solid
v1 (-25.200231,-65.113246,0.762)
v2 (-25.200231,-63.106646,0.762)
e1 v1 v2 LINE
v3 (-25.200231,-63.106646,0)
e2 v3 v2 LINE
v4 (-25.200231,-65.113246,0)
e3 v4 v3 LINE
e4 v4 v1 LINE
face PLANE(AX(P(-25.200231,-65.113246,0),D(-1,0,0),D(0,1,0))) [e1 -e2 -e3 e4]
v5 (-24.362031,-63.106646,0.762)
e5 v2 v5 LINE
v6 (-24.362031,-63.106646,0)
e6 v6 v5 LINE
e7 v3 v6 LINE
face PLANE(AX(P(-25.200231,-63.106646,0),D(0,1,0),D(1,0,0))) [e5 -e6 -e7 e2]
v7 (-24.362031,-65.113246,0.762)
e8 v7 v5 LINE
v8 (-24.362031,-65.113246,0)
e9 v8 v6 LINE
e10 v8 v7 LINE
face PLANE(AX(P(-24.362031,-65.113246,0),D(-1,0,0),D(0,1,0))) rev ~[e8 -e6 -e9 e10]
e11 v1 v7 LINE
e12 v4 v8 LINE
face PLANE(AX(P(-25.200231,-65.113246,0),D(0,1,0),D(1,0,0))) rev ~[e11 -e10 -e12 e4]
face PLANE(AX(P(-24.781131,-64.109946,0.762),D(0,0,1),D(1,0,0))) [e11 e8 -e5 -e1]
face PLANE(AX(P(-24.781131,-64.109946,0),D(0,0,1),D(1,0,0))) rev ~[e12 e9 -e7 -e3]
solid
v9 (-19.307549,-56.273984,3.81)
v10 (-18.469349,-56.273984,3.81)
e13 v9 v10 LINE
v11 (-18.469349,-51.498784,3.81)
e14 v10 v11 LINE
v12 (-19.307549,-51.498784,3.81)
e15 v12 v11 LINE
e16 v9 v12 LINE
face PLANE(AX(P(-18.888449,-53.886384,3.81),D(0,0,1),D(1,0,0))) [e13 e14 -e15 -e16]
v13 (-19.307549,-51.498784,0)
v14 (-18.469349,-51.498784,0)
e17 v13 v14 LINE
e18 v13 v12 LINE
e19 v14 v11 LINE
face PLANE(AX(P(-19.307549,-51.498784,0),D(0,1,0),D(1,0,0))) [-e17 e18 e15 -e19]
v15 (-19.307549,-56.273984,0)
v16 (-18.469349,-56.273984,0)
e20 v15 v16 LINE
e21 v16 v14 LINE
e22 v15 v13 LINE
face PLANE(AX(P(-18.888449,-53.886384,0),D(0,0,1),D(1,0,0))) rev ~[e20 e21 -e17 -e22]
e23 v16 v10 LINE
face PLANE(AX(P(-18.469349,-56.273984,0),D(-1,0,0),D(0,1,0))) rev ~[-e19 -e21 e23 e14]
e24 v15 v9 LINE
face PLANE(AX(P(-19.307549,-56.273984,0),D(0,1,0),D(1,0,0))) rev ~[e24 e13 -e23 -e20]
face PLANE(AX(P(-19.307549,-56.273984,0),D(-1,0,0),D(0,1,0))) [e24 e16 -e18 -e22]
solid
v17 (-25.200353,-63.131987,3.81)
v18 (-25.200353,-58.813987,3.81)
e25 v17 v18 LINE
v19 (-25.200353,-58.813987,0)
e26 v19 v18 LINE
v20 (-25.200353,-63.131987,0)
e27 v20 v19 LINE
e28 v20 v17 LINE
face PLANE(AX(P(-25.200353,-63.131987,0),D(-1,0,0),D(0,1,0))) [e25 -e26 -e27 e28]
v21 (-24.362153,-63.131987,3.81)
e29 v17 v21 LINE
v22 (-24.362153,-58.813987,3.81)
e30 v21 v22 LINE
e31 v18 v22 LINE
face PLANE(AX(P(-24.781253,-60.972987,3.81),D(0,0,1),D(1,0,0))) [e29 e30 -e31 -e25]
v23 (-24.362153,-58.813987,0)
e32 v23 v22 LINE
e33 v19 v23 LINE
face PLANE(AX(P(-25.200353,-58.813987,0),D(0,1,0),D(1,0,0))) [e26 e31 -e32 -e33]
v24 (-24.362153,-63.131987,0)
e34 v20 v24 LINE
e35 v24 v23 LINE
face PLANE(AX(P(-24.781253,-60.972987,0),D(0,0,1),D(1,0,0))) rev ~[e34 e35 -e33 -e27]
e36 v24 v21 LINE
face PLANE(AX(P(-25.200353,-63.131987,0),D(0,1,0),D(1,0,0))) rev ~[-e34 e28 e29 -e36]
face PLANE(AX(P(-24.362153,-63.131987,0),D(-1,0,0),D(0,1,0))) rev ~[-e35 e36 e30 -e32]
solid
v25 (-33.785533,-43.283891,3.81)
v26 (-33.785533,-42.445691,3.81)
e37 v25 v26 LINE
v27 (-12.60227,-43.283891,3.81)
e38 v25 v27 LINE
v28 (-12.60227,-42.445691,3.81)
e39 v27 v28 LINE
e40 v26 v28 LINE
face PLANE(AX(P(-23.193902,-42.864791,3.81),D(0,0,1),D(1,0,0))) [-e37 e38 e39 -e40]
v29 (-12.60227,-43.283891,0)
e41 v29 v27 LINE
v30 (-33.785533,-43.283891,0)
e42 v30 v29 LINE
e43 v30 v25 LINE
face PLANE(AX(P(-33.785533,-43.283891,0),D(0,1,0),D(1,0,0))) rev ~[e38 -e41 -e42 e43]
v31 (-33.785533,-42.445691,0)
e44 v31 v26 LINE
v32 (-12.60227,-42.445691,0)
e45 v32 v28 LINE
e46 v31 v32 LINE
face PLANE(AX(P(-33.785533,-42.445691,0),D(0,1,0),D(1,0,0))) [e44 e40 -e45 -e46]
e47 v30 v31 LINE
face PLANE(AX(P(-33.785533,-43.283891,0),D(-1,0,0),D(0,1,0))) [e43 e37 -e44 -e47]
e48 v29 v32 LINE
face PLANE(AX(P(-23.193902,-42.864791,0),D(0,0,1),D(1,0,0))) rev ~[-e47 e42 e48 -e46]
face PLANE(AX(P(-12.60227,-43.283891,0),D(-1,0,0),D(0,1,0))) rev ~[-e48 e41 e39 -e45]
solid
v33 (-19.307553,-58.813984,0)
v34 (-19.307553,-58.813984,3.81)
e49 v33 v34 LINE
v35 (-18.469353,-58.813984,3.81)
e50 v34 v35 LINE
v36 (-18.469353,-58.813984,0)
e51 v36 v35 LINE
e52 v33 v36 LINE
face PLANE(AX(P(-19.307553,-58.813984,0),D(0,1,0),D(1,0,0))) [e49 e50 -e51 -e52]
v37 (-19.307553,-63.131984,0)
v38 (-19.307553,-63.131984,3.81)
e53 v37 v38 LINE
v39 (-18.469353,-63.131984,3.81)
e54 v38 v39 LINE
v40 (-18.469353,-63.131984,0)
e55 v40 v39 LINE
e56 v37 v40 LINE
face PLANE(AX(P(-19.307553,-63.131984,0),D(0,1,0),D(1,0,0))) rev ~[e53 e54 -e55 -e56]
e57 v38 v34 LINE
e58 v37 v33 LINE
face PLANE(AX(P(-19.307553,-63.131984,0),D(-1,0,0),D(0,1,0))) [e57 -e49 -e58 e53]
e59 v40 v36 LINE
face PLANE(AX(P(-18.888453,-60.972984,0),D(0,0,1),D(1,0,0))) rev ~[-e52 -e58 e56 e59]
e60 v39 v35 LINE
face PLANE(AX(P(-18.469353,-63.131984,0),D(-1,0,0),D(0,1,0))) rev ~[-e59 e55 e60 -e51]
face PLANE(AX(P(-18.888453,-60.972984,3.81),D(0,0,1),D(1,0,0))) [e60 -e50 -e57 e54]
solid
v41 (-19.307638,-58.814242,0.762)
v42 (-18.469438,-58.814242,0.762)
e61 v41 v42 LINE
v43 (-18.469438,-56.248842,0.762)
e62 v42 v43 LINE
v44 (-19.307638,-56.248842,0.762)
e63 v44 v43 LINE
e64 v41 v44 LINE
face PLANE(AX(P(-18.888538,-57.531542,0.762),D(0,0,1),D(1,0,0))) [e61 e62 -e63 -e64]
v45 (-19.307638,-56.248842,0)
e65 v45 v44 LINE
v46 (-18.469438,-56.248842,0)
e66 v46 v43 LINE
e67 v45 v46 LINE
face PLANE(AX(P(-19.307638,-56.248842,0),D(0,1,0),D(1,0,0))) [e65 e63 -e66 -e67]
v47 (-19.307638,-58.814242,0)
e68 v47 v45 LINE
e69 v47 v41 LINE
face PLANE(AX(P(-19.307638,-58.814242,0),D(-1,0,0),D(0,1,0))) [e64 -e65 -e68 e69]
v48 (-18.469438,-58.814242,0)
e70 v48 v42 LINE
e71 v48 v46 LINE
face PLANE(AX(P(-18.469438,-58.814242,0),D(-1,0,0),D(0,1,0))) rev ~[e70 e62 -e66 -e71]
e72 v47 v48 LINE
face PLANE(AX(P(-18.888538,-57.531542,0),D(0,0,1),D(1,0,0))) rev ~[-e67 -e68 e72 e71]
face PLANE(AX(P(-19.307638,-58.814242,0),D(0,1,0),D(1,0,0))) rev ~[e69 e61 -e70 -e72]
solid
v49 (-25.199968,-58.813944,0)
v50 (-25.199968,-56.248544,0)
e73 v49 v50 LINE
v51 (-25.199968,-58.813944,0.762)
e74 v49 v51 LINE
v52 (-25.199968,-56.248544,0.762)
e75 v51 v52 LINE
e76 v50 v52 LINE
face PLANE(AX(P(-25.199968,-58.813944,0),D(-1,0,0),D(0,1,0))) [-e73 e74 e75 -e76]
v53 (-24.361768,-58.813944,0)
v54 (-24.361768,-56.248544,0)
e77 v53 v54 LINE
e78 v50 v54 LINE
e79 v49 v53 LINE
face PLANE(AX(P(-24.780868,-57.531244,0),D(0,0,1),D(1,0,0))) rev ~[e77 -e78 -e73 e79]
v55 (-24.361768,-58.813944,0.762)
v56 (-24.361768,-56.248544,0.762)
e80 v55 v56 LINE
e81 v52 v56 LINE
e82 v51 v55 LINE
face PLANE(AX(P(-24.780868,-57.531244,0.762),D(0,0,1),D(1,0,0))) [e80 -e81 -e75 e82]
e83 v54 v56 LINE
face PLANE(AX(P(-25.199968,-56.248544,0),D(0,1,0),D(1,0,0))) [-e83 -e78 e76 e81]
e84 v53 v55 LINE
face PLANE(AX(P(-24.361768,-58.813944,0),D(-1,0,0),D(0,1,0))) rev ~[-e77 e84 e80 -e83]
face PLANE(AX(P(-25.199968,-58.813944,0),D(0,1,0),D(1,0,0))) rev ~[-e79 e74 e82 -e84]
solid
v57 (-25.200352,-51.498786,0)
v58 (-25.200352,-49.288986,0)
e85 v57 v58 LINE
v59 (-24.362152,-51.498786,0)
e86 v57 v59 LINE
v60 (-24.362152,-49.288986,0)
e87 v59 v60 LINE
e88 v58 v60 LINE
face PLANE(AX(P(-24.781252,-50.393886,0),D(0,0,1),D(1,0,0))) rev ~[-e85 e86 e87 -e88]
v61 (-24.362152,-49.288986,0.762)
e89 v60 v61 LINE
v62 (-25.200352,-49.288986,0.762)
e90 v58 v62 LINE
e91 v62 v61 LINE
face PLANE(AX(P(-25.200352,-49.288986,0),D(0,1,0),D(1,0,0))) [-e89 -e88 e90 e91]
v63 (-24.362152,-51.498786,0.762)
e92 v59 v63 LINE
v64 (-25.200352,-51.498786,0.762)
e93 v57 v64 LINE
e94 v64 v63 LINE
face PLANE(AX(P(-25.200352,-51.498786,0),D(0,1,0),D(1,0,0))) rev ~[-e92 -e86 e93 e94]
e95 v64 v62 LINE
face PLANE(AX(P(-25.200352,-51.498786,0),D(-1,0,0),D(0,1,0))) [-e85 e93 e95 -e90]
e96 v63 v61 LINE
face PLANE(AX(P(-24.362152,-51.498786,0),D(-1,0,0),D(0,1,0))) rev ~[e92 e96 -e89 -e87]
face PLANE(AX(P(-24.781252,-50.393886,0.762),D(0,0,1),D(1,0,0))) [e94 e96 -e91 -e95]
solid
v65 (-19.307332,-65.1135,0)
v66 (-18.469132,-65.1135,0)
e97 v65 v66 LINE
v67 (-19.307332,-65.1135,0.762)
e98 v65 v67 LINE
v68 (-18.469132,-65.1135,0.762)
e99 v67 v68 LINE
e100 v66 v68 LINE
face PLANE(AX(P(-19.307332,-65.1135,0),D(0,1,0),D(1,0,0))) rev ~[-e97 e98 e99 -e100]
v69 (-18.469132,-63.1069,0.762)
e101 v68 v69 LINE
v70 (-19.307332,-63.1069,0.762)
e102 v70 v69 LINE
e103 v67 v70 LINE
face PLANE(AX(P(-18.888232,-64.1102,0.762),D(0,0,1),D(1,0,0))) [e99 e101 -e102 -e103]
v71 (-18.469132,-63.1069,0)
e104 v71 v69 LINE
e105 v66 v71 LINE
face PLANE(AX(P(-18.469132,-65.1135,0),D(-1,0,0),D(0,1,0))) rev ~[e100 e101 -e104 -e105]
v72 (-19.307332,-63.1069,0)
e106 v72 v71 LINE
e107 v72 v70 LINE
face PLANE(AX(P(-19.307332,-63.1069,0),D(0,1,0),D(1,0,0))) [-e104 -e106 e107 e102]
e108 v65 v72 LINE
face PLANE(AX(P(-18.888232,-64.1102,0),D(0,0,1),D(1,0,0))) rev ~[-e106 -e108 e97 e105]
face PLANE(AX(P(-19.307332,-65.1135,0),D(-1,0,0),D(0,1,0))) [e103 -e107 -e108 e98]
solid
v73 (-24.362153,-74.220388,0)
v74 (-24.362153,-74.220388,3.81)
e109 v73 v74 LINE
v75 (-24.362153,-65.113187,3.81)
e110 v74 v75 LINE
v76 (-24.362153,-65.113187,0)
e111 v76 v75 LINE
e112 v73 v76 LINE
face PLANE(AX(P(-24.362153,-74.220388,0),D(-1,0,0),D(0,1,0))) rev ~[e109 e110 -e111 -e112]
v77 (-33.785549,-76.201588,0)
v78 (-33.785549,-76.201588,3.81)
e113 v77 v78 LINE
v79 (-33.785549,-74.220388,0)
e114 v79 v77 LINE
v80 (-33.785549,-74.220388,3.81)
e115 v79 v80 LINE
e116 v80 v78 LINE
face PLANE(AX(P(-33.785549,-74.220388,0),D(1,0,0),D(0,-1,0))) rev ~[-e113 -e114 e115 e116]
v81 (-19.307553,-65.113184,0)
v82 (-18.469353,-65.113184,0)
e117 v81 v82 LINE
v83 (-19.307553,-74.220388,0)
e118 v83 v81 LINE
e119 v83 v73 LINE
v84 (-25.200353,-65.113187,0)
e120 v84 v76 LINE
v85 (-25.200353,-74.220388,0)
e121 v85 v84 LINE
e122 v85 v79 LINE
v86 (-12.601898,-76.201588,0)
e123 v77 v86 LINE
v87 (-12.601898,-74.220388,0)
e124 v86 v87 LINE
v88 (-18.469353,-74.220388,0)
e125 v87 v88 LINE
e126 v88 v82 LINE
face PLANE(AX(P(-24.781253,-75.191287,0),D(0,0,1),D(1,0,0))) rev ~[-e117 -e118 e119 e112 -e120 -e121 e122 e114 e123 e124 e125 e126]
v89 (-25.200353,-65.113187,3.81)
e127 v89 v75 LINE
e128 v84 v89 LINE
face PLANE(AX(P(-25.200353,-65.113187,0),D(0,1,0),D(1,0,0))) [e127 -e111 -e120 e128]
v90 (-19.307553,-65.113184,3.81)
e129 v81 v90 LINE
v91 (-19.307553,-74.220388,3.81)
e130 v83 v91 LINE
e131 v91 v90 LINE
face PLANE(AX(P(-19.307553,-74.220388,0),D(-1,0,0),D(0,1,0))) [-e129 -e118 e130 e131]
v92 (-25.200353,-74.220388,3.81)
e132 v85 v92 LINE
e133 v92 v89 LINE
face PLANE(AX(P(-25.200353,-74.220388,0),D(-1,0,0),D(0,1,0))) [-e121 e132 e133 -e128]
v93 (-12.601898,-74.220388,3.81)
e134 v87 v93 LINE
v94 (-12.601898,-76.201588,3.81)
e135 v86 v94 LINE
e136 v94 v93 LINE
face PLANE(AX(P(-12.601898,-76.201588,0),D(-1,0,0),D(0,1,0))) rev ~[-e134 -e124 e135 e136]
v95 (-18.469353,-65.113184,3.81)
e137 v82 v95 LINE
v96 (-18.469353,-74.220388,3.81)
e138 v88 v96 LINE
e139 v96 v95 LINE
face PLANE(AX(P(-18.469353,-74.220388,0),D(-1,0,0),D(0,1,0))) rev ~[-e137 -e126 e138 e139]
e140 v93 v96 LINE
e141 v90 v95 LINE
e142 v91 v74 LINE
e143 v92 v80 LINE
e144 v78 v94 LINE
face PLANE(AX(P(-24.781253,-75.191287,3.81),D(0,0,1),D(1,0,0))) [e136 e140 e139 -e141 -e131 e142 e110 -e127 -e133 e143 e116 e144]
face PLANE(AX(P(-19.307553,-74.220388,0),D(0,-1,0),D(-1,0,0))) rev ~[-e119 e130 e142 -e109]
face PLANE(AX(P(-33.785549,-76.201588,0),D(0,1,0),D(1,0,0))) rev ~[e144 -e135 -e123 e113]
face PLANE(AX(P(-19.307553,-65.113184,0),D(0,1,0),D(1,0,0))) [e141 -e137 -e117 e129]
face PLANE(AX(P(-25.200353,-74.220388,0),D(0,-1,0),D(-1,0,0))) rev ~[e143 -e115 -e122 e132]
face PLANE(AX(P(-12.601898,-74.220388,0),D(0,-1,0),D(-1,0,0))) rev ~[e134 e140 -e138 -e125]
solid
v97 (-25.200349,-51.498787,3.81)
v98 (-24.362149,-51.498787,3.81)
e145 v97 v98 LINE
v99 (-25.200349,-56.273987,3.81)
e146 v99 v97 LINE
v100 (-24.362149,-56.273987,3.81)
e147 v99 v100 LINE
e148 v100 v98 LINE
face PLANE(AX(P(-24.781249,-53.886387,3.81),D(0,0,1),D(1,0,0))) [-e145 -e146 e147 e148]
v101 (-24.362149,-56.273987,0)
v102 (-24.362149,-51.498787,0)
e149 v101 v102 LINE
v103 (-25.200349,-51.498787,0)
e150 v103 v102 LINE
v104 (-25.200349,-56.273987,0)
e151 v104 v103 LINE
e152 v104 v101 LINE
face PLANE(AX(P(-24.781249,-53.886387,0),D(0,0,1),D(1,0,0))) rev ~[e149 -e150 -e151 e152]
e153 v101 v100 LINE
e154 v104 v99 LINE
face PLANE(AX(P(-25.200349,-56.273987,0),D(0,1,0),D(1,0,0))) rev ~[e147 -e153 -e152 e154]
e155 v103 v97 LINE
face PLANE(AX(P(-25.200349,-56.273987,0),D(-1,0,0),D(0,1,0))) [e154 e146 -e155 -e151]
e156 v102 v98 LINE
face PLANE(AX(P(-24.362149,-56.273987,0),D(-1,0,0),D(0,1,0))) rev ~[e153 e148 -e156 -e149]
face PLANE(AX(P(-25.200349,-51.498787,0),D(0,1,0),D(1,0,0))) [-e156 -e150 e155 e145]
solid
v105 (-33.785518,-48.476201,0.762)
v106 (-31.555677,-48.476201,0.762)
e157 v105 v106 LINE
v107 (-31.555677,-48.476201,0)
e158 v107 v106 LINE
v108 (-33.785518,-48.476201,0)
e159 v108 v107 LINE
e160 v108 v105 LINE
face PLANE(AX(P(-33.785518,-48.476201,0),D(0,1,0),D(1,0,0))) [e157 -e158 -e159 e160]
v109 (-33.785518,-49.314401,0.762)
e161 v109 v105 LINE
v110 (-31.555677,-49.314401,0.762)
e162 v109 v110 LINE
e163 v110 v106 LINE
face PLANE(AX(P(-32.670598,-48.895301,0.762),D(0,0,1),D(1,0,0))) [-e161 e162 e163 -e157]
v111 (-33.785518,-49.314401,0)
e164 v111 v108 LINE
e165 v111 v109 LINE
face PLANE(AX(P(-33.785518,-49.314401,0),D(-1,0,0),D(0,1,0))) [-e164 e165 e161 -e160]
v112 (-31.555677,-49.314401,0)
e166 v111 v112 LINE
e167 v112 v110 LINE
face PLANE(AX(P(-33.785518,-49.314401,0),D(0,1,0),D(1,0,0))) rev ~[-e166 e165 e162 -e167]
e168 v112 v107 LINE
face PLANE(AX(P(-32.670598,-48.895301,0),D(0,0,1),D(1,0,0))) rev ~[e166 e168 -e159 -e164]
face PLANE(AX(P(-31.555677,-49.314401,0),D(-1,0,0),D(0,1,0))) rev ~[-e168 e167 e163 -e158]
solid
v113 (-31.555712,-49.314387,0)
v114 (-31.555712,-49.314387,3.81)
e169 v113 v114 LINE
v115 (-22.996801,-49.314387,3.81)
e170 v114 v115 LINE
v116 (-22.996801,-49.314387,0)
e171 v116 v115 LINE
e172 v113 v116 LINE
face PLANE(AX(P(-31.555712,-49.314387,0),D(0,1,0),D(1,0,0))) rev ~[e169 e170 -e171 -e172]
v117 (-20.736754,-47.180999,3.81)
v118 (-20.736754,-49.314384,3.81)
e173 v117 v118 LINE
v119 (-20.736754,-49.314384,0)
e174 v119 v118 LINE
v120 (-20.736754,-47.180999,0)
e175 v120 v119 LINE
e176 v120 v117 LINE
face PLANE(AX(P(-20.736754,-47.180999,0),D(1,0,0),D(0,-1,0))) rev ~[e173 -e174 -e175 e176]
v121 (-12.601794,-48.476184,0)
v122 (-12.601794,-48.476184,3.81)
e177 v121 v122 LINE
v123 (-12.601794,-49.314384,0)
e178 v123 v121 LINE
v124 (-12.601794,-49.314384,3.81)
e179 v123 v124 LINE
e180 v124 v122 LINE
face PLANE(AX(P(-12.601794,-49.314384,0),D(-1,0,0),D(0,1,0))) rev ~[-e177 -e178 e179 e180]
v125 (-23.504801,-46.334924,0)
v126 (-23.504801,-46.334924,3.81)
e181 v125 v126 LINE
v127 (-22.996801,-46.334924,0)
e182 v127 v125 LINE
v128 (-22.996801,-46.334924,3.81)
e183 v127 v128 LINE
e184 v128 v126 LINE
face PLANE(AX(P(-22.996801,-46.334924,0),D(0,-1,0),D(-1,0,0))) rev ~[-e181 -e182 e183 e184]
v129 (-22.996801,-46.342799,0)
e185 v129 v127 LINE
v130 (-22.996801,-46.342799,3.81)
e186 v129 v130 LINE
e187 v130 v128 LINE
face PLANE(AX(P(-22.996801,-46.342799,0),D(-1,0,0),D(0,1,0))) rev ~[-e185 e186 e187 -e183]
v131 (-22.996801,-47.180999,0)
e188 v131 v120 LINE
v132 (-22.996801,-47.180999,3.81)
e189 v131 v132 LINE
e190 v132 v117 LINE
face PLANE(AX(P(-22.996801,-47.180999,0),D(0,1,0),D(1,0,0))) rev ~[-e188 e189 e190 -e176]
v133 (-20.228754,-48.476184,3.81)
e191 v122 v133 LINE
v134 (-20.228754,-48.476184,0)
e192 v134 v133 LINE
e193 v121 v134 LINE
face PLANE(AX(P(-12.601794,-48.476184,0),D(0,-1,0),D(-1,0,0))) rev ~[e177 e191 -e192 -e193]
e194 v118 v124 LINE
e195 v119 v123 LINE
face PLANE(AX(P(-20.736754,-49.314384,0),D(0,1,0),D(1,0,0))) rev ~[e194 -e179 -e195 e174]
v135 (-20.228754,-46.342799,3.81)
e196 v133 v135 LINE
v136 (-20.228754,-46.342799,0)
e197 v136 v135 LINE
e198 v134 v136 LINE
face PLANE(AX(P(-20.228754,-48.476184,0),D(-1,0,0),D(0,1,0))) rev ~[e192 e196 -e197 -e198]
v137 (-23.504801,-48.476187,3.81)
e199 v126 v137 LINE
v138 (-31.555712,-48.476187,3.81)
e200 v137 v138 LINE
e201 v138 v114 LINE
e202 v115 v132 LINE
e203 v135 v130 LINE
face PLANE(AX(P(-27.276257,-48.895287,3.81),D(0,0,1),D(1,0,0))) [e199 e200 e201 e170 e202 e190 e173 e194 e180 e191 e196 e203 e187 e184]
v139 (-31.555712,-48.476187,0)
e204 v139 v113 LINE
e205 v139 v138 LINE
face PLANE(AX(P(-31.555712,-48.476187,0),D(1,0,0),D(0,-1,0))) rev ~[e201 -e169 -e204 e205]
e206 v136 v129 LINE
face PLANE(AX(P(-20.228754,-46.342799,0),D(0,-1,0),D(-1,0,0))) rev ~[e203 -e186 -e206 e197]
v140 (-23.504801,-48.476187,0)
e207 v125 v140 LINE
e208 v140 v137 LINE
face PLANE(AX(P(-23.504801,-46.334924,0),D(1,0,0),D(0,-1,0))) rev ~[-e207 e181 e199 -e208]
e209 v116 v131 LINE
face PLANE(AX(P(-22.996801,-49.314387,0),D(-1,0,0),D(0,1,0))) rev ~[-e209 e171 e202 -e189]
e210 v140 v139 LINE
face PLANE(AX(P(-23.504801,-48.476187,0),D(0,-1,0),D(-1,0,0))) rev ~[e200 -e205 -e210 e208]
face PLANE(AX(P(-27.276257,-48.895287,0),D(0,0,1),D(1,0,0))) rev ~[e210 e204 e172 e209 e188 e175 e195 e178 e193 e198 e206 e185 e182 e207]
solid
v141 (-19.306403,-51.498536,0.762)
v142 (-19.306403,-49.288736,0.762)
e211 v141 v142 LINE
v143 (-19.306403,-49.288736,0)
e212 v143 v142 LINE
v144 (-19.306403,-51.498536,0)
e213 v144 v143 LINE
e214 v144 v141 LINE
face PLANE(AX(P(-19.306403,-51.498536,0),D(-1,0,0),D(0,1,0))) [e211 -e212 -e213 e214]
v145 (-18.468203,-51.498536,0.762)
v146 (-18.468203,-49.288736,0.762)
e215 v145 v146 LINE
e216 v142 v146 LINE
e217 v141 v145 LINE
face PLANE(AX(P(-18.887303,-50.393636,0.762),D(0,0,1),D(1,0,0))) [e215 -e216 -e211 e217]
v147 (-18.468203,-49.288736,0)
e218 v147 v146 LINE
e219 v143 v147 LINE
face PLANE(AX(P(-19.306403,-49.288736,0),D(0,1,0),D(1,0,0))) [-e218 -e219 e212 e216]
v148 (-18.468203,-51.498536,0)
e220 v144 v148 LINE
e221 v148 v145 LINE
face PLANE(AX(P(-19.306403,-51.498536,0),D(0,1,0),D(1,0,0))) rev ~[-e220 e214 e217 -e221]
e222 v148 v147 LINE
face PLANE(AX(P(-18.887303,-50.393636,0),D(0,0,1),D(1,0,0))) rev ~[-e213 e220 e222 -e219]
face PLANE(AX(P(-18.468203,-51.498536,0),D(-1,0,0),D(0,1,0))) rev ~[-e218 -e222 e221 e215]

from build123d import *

# Parameters (mm, degrees)
F0_W     = 0.8382
F0_H     = 1.9417995741
F0_H_2   = 9.1072004259
F0_H_3   = 1.9417967643
F0_H_4   = 9.1072032357
F1_DEPTH = 3.81
F0_H_5   = 4.318
F0_H_6   = 4.7752
F0_W_2   = 2.2600471539
F0_H_7   = 0.8382
F0_W_3   = 21.1832629488
F2_W     = 2.2298406
F2_H     = 0.8382
F3_DEPTH = 0.762
F2_W_2   = 0.8382
F2_H_2   = 2.2098
F2_H_3   = 2.5654
F2_H_4   = 2.0066


with BuildPart() as f1:
    # F0 (on Top) → F1 (new body)
    with BuildSketch(Plane.XY):
        with Locations((-24.7812528231, -75.1912873556)):
            Rectangle(F0_W, F0_H)
        Polygon((-24.3621528231, -76.1621871427), (-25.2003528231, -76.1621871427), (-25.2003528231, -74.2203875685), (-33.7855493596, -74.2203875685), (-33.7855493596, -76.2015875685), (-12.6018980518, -76.2015875685), (-12.6018980518, -74.2203875685), (-18.4693528231, -74.2203875685), (-18.4693528231, -76.1621843328), (-19.3075528231, -76.1621843328), (-19.3075528231, -74.2203875685), (-24.3621528231, -74.2203875685), align=None)
        with Locations((-24.7812528231, -69.6667873556)):
            Rectangle(F0_W, F0_H_2)
        with Locations((-18.8884528231, -75.1912859507)):
            Rectangle(F0_W, F0_H_3)
        with Locations((-18.8884528231, -69.6667859507)):
            Rectangle(F0_W, F0_H_4)
    extrude(amount=F1_DEPTH)


with BuildPart() as f1b:
    # F0 (on Top) → F1, piece 2 (new body)
    with BuildSketch(Plane.XY):
        with Locations((-24.7812528231, -60.9729871427)):
            Rectangle(F0_W, F0_H_5)
    extrude(amount=F1_DEPTH)


with BuildPart() as f1c:
    # F0 (on Top) → F1, piece 3 (new body)
    with BuildSketch(Plane.XY):
        with Locations((-18.8884528231, -60.9729843328)):
            Rectangle(F0_W, F0_H_5)
    extrude(amount=F1_DEPTH)


with BuildPart() as f1d:
    # F0 (on Top) → F1, piece 4 (new body)
    with BuildSketch(Plane.XY):
        with Locations((-24.7812493596, -53.8863871427)):
            Rectangle(F0_W, F0_H_6)
    extrude(amount=F1_DEPTH)


with BuildPart() as f1e:
    # F0 (on Top) → F1, piece 5 (new body)
    with BuildSketch(Plane.XY):
        with Locations((-18.8884493596, -53.8863843328)):
            Rectangle(F0_W, F0_H_6)
    extrude(amount=F1_DEPTH)


with BuildPart() as f1f:
    # F0 (on Top) → F1, piece 6 (new body)
    with BuildSketch(Plane.XY):
        Polygon((-31.5557122231, -49.3143871427), (-22.9968010945, -49.3143871427), (-22.9968010945, -48.4761871427), (-23.5048010945, -48.4761871427), (-31.5557122231, -48.4761871427), align=None)
        Polygon((-23.5048010945, -48.4761871427), (-22.9968010945, -48.4761871427), (-22.9968010945, -47.1809990704), (-22.9968010945, -46.3427990704), (-22.9968010945, -46.3349238067), (-23.5048010945, -46.3349238067), align=None)
        with Locations((-21.8667775176, -46.7618990704)):
            Rectangle(F0_W_2, F0_H_7)
        Polygon((-20.7367539406, -46.3427990704), (-20.7367539406, -47.1809990704), (-20.7367539406, -48.4761843328), (-20.2287539406, -48.4761843328), (-20.2287539406, -46.3427990704), align=None)
        Polygon((-20.2287539406, -48.4761843328), (-20.7367539406, -48.4761843328), (-20.7367539406, -49.3143843328), (-12.6017937437, -49.3143843328), (-12.6017937437, -48.4761843328), align=None)
    extrude(amount=F1_DEPTH)


with BuildPart() as f1g:
    # F0 (on Top) → F1, piece 7 (new body)
    with BuildSketch(Plane.XY):
        with Locations((-23.1939016856, -42.8647909328)):
            Rectangle(F0_W_3, F0_H_7)
    extrude(amount=F1_DEPTH)


with BuildPart() as f3:
    # F2 (on Top) → F3 (new body)
    with BuildSketch(Plane.XY):
        with Locations((-32.6705976321, -48.8953012973)):
            Rectangle(F2_W, F2_H)
    extrude(amount=F3_DEPTH)


with BuildPart() as f3b:
    # F2 (on Top) → F3, piece 2 (new body)
    with BuildSketch(Plane.XY):
        with Locations((-24.7812520727, -50.393885615)):
            Rectangle(F2_W_2, F2_H_2)
    extrude(amount=F3_DEPTH)


with BuildPart() as f3c:
    # F2 (on Top) → F3, piece 3 (new body)
    with BuildSketch(Plane.XY):
        with Locations((-18.8873026535, -50.3936360205)):
            Rectangle(F2_W_2, F2_H_2)
    extrude(amount=F3_DEPTH)


with BuildPart() as f3d:
    # F2 (on Top) → F3, piece 4 (new body)
    with BuildSketch(Plane.XY):
        with Locations((-24.7808683678, -57.531244459)):
            Rectangle(F2_W_2, F2_H_3)
    extrude(amount=F3_DEPTH)


with BuildPart() as f3e:
    # F2 (on Top) → F3, piece 5 (new body)
    with BuildSketch(Plane.XY):
        with Locations((-24.7811310008, -64.1099464409)):
            Rectangle(F2_W_2, F2_H_4)
    extrude(amount=F3_DEPTH)


with BuildPart() as f3f:
    # F2 (on Top) → F3, piece 6 (new body)
    with BuildSketch(Plane.XY):
        with Locations((-18.8885375872, -57.5315424822)):
            Rectangle(F2_W_2, F2_H_3)
    extrude(amount=F3_DEPTH)


with BuildPart() as f3g:
    # F2 (on Top) → F3, piece 7 (new body)
    with BuildSketch(Plane.XY):
        with Locations((-18.8882321134, -64.1101997606)):
            Rectangle(F2_W_2, F2_H_4)
    extrude(amount=F3_DEPTH)


solid = Compound([f1.part, f1b.part, f1c.part, f1d.part, f1e.part, f1f.part, f1g.part, f3.part, f3b.part, f3c.part, f3d.part, f3e.part, f3f.part, f3g.part])
